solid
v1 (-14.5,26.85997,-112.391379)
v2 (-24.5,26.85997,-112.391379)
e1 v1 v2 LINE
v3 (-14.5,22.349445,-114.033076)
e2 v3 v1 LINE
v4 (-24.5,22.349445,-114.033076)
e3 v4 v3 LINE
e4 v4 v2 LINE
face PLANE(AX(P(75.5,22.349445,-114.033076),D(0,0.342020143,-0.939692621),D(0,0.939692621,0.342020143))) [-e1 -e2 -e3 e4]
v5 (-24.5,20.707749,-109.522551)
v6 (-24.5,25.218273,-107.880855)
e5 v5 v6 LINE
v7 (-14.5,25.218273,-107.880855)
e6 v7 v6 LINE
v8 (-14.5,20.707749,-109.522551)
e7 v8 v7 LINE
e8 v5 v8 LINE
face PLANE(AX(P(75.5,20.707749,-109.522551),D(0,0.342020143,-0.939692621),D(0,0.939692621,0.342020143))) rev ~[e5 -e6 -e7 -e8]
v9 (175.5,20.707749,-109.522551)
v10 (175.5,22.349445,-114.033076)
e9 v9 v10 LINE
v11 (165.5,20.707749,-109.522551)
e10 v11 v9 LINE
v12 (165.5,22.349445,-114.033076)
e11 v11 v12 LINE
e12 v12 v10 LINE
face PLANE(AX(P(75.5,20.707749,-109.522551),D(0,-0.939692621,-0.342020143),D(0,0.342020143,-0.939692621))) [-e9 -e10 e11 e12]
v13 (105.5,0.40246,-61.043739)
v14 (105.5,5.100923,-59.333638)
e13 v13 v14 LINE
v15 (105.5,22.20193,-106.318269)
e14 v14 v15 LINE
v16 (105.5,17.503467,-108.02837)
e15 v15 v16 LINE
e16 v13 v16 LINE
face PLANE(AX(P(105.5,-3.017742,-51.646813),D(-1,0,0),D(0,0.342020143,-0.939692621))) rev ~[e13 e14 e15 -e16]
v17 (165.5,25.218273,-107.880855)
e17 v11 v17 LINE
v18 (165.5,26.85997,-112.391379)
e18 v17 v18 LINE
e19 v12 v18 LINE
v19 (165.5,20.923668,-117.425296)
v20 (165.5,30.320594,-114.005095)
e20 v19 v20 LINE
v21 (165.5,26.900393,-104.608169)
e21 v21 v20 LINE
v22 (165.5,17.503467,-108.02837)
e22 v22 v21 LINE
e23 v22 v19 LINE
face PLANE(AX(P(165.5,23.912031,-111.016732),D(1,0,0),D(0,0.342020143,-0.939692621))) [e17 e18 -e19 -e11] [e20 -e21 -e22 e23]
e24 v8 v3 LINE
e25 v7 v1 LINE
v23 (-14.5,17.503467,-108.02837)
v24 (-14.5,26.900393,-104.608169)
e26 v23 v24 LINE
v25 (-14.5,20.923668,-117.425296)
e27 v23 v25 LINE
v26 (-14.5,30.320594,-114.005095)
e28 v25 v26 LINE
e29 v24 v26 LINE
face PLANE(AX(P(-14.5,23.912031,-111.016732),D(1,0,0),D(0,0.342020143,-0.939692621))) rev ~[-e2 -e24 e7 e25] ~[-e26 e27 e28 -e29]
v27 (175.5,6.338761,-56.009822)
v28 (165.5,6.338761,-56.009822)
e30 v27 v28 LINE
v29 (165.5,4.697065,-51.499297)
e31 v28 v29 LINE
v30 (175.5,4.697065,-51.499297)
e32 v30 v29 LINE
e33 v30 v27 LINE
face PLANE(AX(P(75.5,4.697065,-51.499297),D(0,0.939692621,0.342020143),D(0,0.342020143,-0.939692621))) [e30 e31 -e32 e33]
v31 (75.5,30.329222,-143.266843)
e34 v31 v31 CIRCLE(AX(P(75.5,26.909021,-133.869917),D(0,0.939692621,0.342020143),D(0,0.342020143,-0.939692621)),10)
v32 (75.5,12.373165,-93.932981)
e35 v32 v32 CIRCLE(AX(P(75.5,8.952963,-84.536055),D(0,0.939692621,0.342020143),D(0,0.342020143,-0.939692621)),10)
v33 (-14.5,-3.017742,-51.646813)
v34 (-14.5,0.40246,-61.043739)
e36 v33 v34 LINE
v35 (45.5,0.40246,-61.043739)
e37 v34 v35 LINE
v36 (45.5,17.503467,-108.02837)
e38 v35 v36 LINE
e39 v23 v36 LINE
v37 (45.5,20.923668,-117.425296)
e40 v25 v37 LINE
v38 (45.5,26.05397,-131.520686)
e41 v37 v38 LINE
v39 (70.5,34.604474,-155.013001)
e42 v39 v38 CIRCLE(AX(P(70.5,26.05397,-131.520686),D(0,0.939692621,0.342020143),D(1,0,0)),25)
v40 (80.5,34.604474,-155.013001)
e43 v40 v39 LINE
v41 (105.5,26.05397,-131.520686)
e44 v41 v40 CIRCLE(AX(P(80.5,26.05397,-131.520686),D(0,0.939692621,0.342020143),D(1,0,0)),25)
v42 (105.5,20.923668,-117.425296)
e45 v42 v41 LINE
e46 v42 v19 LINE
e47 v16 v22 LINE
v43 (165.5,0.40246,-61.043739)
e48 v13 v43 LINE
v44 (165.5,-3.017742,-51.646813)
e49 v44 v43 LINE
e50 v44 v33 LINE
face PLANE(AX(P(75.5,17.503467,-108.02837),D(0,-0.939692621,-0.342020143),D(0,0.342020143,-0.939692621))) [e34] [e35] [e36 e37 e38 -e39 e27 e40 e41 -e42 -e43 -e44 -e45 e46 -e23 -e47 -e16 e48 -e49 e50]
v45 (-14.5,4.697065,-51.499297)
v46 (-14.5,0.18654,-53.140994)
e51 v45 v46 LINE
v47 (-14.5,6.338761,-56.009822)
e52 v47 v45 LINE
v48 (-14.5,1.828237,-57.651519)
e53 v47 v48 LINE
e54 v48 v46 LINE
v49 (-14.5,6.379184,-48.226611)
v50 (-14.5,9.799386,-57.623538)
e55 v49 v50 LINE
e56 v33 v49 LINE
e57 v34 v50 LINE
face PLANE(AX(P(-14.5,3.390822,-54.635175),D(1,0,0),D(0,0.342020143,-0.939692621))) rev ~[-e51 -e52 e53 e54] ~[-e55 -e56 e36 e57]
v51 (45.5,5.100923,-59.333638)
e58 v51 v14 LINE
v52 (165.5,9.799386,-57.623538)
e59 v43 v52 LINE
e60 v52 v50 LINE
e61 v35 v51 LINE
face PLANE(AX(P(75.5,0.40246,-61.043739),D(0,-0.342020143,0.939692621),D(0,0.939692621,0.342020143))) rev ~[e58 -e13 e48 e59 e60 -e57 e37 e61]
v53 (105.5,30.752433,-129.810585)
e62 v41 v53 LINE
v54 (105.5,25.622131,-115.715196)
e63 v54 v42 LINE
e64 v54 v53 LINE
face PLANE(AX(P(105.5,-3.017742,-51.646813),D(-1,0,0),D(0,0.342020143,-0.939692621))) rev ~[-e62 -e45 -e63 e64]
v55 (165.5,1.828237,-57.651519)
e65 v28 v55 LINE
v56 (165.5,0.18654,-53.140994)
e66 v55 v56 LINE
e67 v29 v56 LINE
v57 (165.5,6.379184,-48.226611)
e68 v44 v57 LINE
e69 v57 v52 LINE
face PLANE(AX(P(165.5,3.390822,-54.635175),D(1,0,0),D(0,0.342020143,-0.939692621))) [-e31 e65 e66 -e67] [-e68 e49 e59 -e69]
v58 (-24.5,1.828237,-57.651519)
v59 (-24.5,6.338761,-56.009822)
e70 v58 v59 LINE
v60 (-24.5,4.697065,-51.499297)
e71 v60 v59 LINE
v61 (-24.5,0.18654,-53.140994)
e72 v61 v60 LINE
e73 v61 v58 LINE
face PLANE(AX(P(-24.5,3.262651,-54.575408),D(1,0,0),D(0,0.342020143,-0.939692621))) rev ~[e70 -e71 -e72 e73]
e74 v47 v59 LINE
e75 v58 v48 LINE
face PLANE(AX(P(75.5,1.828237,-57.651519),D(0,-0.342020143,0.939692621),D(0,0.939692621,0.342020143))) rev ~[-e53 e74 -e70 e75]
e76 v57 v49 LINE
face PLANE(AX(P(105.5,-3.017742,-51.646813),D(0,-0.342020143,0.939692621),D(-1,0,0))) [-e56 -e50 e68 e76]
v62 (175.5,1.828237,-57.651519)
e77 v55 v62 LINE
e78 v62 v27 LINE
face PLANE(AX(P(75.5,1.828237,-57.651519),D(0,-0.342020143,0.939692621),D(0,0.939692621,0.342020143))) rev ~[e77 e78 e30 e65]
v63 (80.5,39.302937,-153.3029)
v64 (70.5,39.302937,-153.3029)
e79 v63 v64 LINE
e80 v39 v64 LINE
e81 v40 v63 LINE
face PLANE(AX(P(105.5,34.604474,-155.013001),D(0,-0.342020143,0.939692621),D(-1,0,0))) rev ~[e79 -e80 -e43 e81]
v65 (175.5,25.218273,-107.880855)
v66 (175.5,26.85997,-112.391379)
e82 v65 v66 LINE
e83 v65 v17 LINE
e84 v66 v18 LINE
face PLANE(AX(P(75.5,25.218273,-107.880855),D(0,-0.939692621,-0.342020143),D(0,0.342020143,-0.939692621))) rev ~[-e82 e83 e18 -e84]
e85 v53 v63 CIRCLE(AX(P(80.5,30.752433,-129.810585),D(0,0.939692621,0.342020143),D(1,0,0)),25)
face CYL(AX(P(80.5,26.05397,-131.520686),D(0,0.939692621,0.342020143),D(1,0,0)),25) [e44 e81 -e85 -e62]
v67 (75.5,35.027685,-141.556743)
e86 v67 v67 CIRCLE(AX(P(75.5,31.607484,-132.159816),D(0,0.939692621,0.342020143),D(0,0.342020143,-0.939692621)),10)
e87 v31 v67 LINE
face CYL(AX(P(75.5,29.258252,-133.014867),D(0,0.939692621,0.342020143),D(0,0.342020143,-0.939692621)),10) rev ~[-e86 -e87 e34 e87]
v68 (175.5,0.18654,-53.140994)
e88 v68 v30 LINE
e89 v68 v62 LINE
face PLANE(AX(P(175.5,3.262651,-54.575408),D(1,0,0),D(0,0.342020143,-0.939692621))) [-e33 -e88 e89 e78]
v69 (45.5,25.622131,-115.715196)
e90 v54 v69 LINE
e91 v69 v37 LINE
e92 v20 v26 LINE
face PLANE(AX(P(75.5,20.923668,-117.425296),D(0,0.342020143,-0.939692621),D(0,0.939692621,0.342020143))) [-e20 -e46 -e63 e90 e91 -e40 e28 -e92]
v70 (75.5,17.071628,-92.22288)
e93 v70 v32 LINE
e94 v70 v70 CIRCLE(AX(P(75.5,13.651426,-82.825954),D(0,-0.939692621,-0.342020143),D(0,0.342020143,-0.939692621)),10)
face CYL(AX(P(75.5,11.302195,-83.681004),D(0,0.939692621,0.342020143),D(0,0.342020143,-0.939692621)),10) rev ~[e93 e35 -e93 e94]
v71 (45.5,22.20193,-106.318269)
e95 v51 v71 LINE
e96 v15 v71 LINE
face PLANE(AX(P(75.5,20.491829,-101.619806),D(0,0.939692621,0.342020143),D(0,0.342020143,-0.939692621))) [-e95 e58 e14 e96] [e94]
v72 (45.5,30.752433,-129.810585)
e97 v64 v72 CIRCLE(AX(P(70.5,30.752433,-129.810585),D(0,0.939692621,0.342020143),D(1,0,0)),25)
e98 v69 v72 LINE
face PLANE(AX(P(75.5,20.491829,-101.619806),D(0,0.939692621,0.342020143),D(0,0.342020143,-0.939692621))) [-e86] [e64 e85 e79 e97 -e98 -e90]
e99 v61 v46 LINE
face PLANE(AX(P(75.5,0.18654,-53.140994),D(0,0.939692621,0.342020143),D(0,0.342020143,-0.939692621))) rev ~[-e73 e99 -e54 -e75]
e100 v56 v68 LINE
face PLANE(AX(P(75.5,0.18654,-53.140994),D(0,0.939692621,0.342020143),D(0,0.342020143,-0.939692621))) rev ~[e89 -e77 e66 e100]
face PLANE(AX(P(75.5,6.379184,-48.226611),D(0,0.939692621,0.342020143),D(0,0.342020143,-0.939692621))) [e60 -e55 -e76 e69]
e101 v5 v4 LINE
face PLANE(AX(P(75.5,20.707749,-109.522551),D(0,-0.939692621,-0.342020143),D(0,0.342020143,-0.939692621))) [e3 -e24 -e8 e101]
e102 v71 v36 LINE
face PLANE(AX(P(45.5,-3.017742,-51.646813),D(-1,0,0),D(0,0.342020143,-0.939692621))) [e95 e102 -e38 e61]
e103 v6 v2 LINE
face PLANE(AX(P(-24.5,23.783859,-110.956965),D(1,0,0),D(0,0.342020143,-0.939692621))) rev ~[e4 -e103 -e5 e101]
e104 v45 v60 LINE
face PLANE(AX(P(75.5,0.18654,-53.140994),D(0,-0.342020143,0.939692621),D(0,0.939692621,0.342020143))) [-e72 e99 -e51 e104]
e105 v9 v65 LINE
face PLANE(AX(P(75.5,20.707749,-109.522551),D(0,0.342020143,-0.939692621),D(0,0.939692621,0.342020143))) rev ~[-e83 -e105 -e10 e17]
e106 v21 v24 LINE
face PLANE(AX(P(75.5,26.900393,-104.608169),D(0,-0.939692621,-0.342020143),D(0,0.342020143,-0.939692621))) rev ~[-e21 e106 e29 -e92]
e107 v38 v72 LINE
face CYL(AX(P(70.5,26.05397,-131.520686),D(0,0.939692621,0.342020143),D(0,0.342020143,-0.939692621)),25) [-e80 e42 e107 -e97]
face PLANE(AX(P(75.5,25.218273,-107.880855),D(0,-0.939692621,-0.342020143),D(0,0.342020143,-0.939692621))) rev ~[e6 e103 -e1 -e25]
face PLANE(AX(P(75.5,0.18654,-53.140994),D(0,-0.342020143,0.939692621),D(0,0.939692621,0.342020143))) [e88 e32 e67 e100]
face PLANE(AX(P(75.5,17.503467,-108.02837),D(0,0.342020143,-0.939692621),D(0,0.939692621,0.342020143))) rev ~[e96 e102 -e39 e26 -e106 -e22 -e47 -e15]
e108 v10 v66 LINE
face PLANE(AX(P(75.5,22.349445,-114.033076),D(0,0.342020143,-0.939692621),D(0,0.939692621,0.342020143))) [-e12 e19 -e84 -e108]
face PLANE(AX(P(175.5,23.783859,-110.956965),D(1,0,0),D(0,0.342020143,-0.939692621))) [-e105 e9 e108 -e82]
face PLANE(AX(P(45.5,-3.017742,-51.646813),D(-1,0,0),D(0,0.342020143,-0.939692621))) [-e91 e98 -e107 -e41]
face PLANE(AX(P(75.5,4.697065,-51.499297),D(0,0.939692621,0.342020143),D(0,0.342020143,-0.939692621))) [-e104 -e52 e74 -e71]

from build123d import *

# Parameters (mm, degrees)
SKETCH039_W             = 110
SKETCH039_H             = 60
PAD024_DEPTH            = 5
SKETCH040_W             = 10
SKETCH040_H             = 10
PAD025_DEPTH            = 90
SKETCH041_W             = 4.8
SKETCH041_H             = 4.8
PAD026_DEPTH            = 100
SKETCH042_R             = 10
POCKET015_DEPTH         = 3.5
FILLET002_R             = 25
BODY013_PITCH_ANGLE     = 70
BODY013_PLACEMENT_ANGLE = 90


with BuildPart() as part:
    # Sketch039 → Pad024 (new body)
    with BuildSketch(Plane.XY.offset(-2.5)):
        with Locations((52.5, 0)):
            Rectangle(SKETCH039_W, SKETCH039_H)
    extrude(amount=PAD024_DEPTH)

    # Sketch040 → Pad025 (join, symmetric)
    with BuildSketch(Plane.XZ):
        with Locations((2.5, 2.5)):
            Rectangle(SKETCH040_W, SKETCH040_H)
        with Locations((62.5, 2.5)):
            Rectangle(SKETCH040_W, SKETCH040_H)
    extrude(amount=PAD025_DEPTH, both=True)

    # Sketch041 → Pad026 (join, symmetric)
    with BuildSketch(Plane.XZ):
        with Locations((2.4, 2.4)):
            Rectangle(SKETCH041_W, SKETCH041_H)
        with Locations((62.4, 2.4)):
            Rectangle(SKETCH041_W, SKETCH041_H)
    extrude(amount=PAD026_DEPTH, both=True)

    # Sketch042 → Pocket015 (cut, symmetric)
    with BuildSketch(Plane.XY):
        with Locations((32.5, 0)):
            Circle(SKETCH042_R)
        with Locations((85, 0)):
            Circle(SKETCH042_R)
    extrude(amount=POCKET015_DEPTH, both=True, mode=Mode.SUBTRACT)

    # Fillet002
    fillet002_edges = [part.edges().sort_by_distance(p)[0] for p in [
        (107.5, 30, 0),
        (107.5, -30, 0),
    ]]
    fillet(fillet002_edges, radius=FILLET002_R)


with BuildPart() as part_1:
    # Body013 pitch: moved
    add(part.part.rotate(Axis((0, 0, 0), (0, 1, 0)), BODY013_PITCH_ANGLE))


with BuildPart() as part_2:
    # Body013 placement: moved
    add(part_1.part.moved(Location((75.5, 0.18654, -53.140994))).rotate(Axis((75.5, 0.18654, -53.140994), (0, 0, 1)), BODY013_PLACEMENT_ANGLE))


solid = part_2.part
